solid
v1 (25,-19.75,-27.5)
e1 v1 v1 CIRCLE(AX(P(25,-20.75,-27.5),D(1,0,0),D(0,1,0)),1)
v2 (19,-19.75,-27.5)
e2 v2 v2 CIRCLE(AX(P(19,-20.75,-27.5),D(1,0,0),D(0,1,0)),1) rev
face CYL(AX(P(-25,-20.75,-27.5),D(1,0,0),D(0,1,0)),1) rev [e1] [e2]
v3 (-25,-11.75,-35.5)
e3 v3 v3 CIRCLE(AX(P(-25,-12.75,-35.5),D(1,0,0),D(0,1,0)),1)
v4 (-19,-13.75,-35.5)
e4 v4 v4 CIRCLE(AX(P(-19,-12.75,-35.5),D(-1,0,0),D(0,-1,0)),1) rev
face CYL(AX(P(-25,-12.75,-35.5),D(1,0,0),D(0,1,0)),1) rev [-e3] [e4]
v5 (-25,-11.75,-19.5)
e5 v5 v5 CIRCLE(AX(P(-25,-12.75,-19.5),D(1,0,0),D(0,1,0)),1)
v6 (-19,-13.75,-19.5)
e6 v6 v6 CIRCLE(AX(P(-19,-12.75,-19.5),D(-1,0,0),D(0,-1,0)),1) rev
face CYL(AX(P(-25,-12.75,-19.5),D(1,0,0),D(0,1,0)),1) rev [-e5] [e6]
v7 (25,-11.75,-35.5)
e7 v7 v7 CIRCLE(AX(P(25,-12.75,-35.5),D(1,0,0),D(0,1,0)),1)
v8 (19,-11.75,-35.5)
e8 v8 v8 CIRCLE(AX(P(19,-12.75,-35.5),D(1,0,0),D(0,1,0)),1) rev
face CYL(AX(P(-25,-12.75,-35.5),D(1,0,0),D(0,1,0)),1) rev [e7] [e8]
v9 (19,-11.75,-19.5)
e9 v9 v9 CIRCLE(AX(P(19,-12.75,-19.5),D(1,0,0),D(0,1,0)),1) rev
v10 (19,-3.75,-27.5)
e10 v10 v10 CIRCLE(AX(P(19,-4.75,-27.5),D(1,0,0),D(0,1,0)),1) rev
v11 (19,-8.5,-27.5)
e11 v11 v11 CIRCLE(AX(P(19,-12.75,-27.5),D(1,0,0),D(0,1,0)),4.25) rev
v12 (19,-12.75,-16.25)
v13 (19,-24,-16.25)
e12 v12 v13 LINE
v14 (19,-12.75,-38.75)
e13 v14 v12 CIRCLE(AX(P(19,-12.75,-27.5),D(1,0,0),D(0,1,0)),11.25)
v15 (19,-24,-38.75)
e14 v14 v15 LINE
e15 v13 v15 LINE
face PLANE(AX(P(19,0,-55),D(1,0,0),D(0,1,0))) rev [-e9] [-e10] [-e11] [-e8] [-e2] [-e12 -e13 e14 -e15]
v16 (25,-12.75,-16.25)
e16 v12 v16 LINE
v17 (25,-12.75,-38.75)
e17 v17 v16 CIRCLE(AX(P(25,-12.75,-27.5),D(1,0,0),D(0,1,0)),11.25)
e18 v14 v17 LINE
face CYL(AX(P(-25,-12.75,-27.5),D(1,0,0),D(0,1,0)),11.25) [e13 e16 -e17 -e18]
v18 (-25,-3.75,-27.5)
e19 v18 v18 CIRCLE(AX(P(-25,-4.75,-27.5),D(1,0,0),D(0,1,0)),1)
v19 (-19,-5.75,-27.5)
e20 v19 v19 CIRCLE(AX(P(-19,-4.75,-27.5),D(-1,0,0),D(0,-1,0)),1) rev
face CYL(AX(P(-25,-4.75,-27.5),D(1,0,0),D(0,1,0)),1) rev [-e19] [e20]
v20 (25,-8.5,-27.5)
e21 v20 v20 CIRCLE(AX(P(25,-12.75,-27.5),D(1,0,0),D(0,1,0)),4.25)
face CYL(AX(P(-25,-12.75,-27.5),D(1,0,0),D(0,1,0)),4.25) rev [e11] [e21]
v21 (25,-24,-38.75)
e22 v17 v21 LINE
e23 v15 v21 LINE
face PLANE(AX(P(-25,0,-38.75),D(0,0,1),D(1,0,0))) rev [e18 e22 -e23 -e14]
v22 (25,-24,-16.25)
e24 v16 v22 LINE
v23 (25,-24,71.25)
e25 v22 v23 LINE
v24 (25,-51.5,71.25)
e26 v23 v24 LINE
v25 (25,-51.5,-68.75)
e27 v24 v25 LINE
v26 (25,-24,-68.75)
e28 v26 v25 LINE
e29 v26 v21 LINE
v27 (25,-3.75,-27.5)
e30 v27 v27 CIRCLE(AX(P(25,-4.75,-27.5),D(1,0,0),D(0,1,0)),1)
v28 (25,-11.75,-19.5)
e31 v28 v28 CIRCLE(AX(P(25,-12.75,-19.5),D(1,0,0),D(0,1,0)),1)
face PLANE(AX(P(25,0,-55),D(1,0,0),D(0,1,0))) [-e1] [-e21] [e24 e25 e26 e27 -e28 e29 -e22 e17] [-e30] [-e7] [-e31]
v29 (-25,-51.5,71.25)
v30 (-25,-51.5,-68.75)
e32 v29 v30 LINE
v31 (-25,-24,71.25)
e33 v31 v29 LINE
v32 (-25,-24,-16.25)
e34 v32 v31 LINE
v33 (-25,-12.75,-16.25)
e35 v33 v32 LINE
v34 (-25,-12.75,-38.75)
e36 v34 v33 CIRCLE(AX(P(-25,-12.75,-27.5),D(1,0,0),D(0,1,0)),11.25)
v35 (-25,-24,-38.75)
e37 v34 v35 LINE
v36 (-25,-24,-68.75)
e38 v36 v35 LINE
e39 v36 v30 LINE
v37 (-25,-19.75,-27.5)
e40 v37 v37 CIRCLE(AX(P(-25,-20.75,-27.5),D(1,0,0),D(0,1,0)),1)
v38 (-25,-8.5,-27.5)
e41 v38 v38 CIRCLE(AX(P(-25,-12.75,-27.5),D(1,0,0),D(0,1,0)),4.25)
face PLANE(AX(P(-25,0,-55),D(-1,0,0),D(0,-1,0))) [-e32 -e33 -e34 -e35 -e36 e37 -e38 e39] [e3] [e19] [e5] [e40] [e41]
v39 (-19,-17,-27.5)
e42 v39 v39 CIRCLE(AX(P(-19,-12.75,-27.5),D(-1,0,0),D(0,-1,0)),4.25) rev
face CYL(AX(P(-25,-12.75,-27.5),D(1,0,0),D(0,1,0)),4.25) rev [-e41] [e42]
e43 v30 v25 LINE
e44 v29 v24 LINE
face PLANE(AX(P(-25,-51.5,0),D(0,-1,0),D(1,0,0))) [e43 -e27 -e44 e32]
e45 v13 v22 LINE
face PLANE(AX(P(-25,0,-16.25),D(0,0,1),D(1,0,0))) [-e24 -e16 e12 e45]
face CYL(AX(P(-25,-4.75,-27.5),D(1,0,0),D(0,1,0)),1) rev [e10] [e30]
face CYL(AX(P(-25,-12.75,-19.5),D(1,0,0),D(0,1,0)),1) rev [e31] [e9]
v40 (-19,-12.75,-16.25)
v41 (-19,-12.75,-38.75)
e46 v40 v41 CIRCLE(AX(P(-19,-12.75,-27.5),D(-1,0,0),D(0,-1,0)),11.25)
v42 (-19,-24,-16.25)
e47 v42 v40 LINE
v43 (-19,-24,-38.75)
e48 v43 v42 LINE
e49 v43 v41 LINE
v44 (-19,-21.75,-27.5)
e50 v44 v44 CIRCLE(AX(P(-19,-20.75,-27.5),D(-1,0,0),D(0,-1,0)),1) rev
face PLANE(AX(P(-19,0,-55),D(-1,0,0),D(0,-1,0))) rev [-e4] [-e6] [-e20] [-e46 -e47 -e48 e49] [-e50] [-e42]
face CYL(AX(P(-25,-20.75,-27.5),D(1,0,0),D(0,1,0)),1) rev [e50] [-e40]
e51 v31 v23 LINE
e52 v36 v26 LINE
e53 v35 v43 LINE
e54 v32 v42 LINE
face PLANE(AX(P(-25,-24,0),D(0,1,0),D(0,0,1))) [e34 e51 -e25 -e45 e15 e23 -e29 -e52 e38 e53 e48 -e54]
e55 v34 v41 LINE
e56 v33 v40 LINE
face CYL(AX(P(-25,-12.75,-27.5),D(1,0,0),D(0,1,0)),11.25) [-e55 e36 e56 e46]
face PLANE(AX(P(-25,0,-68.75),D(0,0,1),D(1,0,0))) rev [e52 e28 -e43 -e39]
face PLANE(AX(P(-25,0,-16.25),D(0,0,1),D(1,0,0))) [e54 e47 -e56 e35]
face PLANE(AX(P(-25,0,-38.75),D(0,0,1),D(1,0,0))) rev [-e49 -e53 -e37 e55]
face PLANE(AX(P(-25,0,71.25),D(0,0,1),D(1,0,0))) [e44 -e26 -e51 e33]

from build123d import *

# Parameters (mm, degrees)
SKETCH1_W           = 50
SKETCH1_H           = 170
BOSS_EXTRUDE1_DEPTH = 55
SKETCH2_W           = 34
SKETCH2_H           = 27
CUT_EXTRUDE1_DEPTH  = 181.416185527
SKETCH3_W           = 10
SKETCH3_H           = 24
SKETCH3_R           = 4.25
SKETCH3_R_2         = 1
CUT_EXTRUDE2_DEPTH  = 186.539753153
SKETCH4_W           = 2
SKETCH4_H           = 24
CUT_EXTRUDE3_DEPTH  = 178.623196683
SKETCH5_W           = 6.25
SKETCH5_H           = 11.25
CUT_EXTRUDE4_DEPTH  = 186.539753153
SKETCH6_W           = 38
SKETCH6_H           = 10
CUT_EXTRUDE5_DEPTH  = 181.416185527
SKETCH8_W           = 13.25
SKETCH8_H           = 2.25
CUT_EXTRUDE7_DEPTH  = 186.539753153
SKETCH9_W           = 34
SKETCH9_H           = 35.25
CUT_EXTRUDE8_DEPTH  = 179.297679458
SKETCH11_W          = 13.25
SKETCH11_H          = 20.25
CUT_EXTRUDE9_DEPTH  = 184.480414486
SKETCH12_W          = 28.5
SKETCH12_H          = 15
BOSS_EXTRUDE2_DEPTH = 8
SKETCH14_W          = 34
SKETCH14_H          = 15
SKETCH14_H_2        = 10.25
BOSS_EXTRUDE3_DEPTH = 13.25
SKETCH16_R          = 4.5
SKETCH16_R_2        = 2.5
CUT_EXTRUDE13_DEPTH = 8
SKETCH17_R          = 4.5
SKETCH17_W          = 55
SKETCH17_H          = 10.25
CUT_EXTRUDE15_DEPTH = 175.384811552
SKETCH18_W          = 71.25
SKETCH18_H          = 27.5
SKETCH18_W_2        = 13.75
SKETCH18_W_3        = 16.25
BOSS_EXTRUDE4_DEPTH = 50


with BuildPart() as part:
    # Sketch1 → Boss-Extrude1 (new body)
    with BuildSketch(Plane.XY):
        with Locations((0, -85)):
            Rectangle(SKETCH1_W, SKETCH1_H)
    extrude(amount=-BOSS_EXTRUDE1_DEPTH)

    # Sketch2 → Cut-Extrude1 (cut, through all)
    with BuildSketch(Plane.XY):
        with Locations((0, -13.5)):
            Rectangle(SKETCH2_W, SKETCH2_H)
    extrude(amount=-CUT_EXTRUDE1_DEPTH, mode=Mode.SUBTRACT)

    # Sketch3 → Cut-Extrude2 (cut, through all)
    with BuildSketch(Plane(origin=(25, 0, 0), x_dir=(0, 0, -1), z_dir=(1, 0, 0))):
        with Locations((50, -12)):
            Rectangle(SKETCH3_W, SKETCH3_H)
        with Locations((5, -12)):
            Rectangle(SKETCH3_W, SKETCH3_H)
        with Locations(Location((27.5, -12.75, 0), (0, 0, 90))):
            Circle(SKETCH3_R)
        with Locations(Location((35.5, -12.75, 0), (0, 0, 90))):
            Circle(SKETCH3_R_2)
        with Locations(Location((27.5, -4.75, 0), (0, 0, 90))):
            Circle(SKETCH3_R_2)
        with Locations(Location((27.5, -20.75, 0), (0, 0, 90))):
            Circle(SKETCH3_R_2)
        with Locations(Location((19.5, -12.75, 0), (0, 0, 90))):
            Circle(SKETCH3_R_2)
    extrude(amount=-CUT_EXTRUDE2_DEPTH, mode=Mode.SUBTRACT)

    # Sketch4 → Cut-Extrude3 (cut, through all)
    with BuildSketch(Plane.XY.offset(-10)):
        with Locations((-18, -12)):
            Rectangle(SKETCH4_W, SKETCH4_H)
        with Locations((18, -12)):
            Rectangle(SKETCH4_W, SKETCH4_H)
    extrude(amount=-CUT_EXTRUDE3_DEPTH, mode=Mode.SUBTRACT)

    # Sketch5 → Cut-Extrude4 (cut, through all)
    with BuildSketch(Plane(origin=(25, 0, 0), x_dir=(0, 0, -1), z_dir=(1, 0, 0))):
        with BuildLine():
            Line((45, 0), (10, 0))
            Line((10, 0), (10, -12.75))
            Line((10, -12.75), (16.25, -12.75))
            ThreePointArc((16.25, -12.75), (27.5, -1.5), (38.75, -12.75))
            Line((38.75, -12.75), (45, -12.75))
            Line((45, -12.75), (45, 0))
        make_face()
        with Locations((13.125, -18.375)):
            Rectangle(SKETCH5_W, SKETCH5_H)
        with Locations((41.875, -18.375)):
            Rectangle(SKETCH5_W, SKETCH5_H)
    extrude(amount=-CUT_EXTRUDE4_DEPTH, mode=Mode.SUBTRACT)

    # Sketch6 → Cut-Extrude5 (cut, through all)
    with BuildSketch(Plane.XY):
        with Locations((0, -29)):
            Rectangle(SKETCH6_W, SKETCH6_H)
    extrude(amount=-CUT_EXTRUDE5_DEPTH, mode=Mode.SUBTRACT)

    # Sketch8 → Cut-Extrude7 (cut, through all)
    with BuildSketch(Plane(origin=(25, 0, 0), x_dir=(0, 0, -1), z_dir=(1, 0, 0))):
        with BuildLine():
            Line((27.5, -157.5), (27.5, -132.5))
            Line((27.5, -132.5), (13.25, -132.5))
            Line((13.25, -132.5), (13.25, -167.75))
            Line((13.25, -167.75), (17.25, -167.75))
            ThreePointArc((17.25, -167.75), (20.252155493, -160.502155493), (27.5, -157.5))
        make_face()
        with BuildLine():
            Line((41.75, -167.75), (41.75, -132.5))
            Line((41.75, -132.5), (27.5, -132.5))
            Line((27.5, -132.5), (27.5, -157.5))
            ThreePointArc((27.5, -157.5), (34.747844507, -160.502155493), (37.75, -167.75))
            Line((37.75, -167.75), (41.75, -167.75))
        make_face()
        with Locations((48.375, -168.875)):
            Rectangle(SKETCH8_W, SKETCH8_H)
        with Locations((6.625, -168.875)):
            Rectangle(SKETCH8_W, SKETCH8_H)
        with BuildLine():
            Line((17.25, -167.75), (13.25, -167.75))
            Line((13.25, -167.75), (13.25, -170))
            Line((13.25, -170), (17.5, -170))
            ThreePointArc((17.5, -170), (17.31269172, -168.881923142), (17.25, -167.75))
        make_face()
        with BuildLine():
            Line((41.75, -170), (41.75, -167.75))
            Line((41.75, -167.75), (37.75, -167.75))
            ThreePointArc((37.75, -167.75), (37.68730828, -168.881923142), (37.5, -170))
            Line((37.5, -170), (41.75, -170))
        make_face()
        with BuildLine():
            Line((27.5, -167.75), (27.5, -157.5))
            ThreePointArc((27.5, -157.5), (20.252155493, -160.502155493), (17.25, -167.75))
            Line((17.25, -167.75), (27.5, -167.75))
        make_face()
        with BuildLine():
            ThreePointArc((37.75, -167.75), (34.747844507, -160.502155493), (27.5, -157.5))
            Line((27.5, -157.5), (27.5, -167.75))
            Line((27.5, -167.75), (37.75, -167.75))
        make_face()
        with BuildLine():
            Line((27.5, -170), (27.5, -167.75))
            Line((27.5, -167.75), (17.25, -167.75))
            ThreePointArc((17.25, -167.75), (17.31269172, -168.881923142), (17.5, -170))
            Line((17.5, -170), (27.5, -170))
        make_face()
        with BuildLine():
            ThreePointArc((37.5, -170), (37.68730828, -168.881923142), (37.75, -167.75))
            Line((37.75, -167.75), (27.5, -167.75))
            Line((27.5, -167.75), (27.5, -170))
            Line((27.5, -170), (37.5, -170))
        make_face()
    extrude(amount=-CUT_EXTRUDE7_DEPTH, mode=Mode.SUBTRACT)

    # Sketch9 → Cut-Extrude8 (cut, through all)
    with BuildSketch(Plane.XY):
        with Locations((0, -150.125)):
            Rectangle(SKETCH9_W, SKETCH9_H)
    extrude(amount=-CUT_EXTRUDE8_DEPTH, mode=Mode.SUBTRACT)

    # Sketch11 → Cut-Extrude9 (cut, through all)
    with BuildSketch(Plane(origin=(25, 0, 0), x_dir=(0, 0, -1), z_dir=(1, 0, 0))):
        with BuildLine():
            ThreePointArc((17.25, -167.75), (20.252155493, -160.502155493), (27.5, -157.5))
            Line((27.5, -157.5), (27.5, -147.5))
            Line((27.5, -147.5), (13.25, -147.5))
            Line((13.25, -147.5), (13.25, -167.75))
            Line((13.25, -167.75), (17.25, -167.75))
        make_face()
        with BuildLine():
            Line((27.5, -147.5), (27.5, -157.5))
            ThreePointArc((27.5, -157.5), (34.747844507, -160.502155493), (37.75, -167.75))
            Line((37.75, -167.75), (41.75, -167.75))
            Line((41.75, -167.75), (41.75, -147.5))
            Line((41.75, -147.5), (27.5, -147.5))
        make_face()
        with Locations((48.375, -157.625)):
            Rectangle(SKETCH11_W, SKETCH11_H)
        with Locations((6.625, -157.625)):
            Rectangle(SKETCH11_W, SKETCH11_H)
    extrude(amount=-CUT_EXTRUDE9_DEPTH, mode=Mode.SUBTRACT)

    # Sketch12 → Boss-Extrude2 (add)
    with BuildSketch(Plane(origin=(25, 0, 0), x_dir=(0, 0, -1), z_dir=(1, 0, 0))):
        with Locations((27.5, -140)):
            Rectangle(SKETCH12_W, SKETCH12_H)
    boss_extrude2 = extrude(amount=-BOSS_EXTRUDE2_DEPTH)

    # Mirror1: Boss-Extrude2 across plane
    add(boss_extrude2.mirror(Plane(origin=(0, 0, 0), x_dir=(0, 0, 1), z_dir=(1, 0, 0))))

    # Sketch14 → Boss-Extrude3 (add)
    with BuildSketch(Plane.XY):
        with Locations((0, -140)):
            Rectangle(SKETCH14_W, SKETCH14_H)
        with Locations((0, -152.625)):
            Rectangle(SKETCH14_W, SKETCH14_H_2)
    boss_extrude3 = extrude(amount=-BOSS_EXTRUDE3_DEPTH)

    # Mirror2: Boss-Extrude3 across plane
    add(boss_extrude3.mirror(Plane.XY.offset(-27.5)))

    # Sketch16 → Cut-Extrude13 (cut)
    # profile 1 of 3: a face of its own
    with BuildSketch(Plane(origin=(25, 0, 0), x_dir=(0, 0, -1), z_dir=(1, 0, 0))):
        with Locations(Location((16.5, -135.75, 0), (0, 0, 90))):
            Circle(SKETCH16_R)
        with Locations((16.5, -135.75)):
            Circle(SKETCH16_R_2, mode=Mode.SUBTRACT)
    # profile 2 of 3: a face of its own
    with BuildSketch(Plane(origin=(25, 0, 0), x_dir=(0, 0, -1), z_dir=(1, 0, 0))):
        with Locations((16.5, -135.75)):
            Circle(SKETCH16_R_2)
    # profile 3 of 3: a face of its own
    with BuildSketch(Plane(origin=(25, 0, 0), x_dir=(0, 0, -1), z_dir=(1, 0, 0))):
        with Locations(Location((38.5, -135.75, 0), (0, 0, 90))):
            Circle(SKETCH16_R)
    cut_extrude13 = extrude(amount=-CUT_EXTRUDE13_DEPTH, mode=Mode.SUBTRACT)

    # Mirror3: Cut-Extrude13 across plane
    add(cut_extrude13.mirror(Plane(origin=(0, 0, 0), x_dir=(0, 0, 1), z_dir=(1, 0, 0))), mode=Mode.SUBTRACT)

    # Sketch17 → Cut-Extrude15 (cut, through all)
    # profile 1 of 4: a face of its own
    with BuildSketch(Plane(origin=(25, 0, 0), x_dir=(0, 0, -1), z_dir=(1, 0, 0))):
        Polygon((55, -51.5), (27.5, -51.5), (0, -51.5), (0, -147.5), (55, -147.5), align=None)
        with Locations((16.5, -135.75)):
            Circle(SKETCH17_R, mode=Mode.SUBTRACT)
        with Locations((38.5, -135.75)):
            Circle(SKETCH17_R, mode=Mode.SUBTRACT)
    # profile 2 of 4: a face of its own
    with BuildSketch(Plane(origin=(25, 0, 0), x_dir=(0, 0, -1), z_dir=(1, 0, 0))):
        with Locations((27.5, -152.625)):
            Rectangle(SKETCH17_W, SKETCH17_H)
    # profile 3 of 4: a face of its own
    with BuildSketch(Plane(origin=(25, 0, 0), x_dir=(0, 0, -1), z_dir=(1, 0, 0))):
        with Locations((38.5, -135.75)):
            Circle(SKETCH17_R)
    # profile 4 of 4: a face of its own
    with BuildSketch(Plane(origin=(25, 0, 0), x_dir=(0, 0, -1), z_dir=(1, 0, 0))):
        with Locations((16.5, -135.75)):
            Circle(SKETCH17_R)
    extrude(amount=-CUT_EXTRUDE15_DEPTH, mode=Mode.SUBTRACT)

    # Sketch18 → Boss-Extrude4 (add)
    with BuildSketch(Plane(origin=(25, 0, 0), x_dir=(0, 0, -1), z_dir=(1, 0, 0))):
        with Locations((-35.625, -37.75)):
            Rectangle(SKETCH18_W, SKETCH18_H)
        with Locations((61.875, -37.75)):
            Rectangle(SKETCH18_W_2, SKETCH18_H)
        Polygon((38.75, -51.5), (38.75, -24), (16.25, -24), (0, -24), (0, -51.5), align=None)
        with Locations((46.875, -37.75)):
            Rectangle(SKETCH18_W_3, SKETCH18_H)
    extrude(amount=-BOSS_EXTRUDE4_DEPTH)


solid = part.part
